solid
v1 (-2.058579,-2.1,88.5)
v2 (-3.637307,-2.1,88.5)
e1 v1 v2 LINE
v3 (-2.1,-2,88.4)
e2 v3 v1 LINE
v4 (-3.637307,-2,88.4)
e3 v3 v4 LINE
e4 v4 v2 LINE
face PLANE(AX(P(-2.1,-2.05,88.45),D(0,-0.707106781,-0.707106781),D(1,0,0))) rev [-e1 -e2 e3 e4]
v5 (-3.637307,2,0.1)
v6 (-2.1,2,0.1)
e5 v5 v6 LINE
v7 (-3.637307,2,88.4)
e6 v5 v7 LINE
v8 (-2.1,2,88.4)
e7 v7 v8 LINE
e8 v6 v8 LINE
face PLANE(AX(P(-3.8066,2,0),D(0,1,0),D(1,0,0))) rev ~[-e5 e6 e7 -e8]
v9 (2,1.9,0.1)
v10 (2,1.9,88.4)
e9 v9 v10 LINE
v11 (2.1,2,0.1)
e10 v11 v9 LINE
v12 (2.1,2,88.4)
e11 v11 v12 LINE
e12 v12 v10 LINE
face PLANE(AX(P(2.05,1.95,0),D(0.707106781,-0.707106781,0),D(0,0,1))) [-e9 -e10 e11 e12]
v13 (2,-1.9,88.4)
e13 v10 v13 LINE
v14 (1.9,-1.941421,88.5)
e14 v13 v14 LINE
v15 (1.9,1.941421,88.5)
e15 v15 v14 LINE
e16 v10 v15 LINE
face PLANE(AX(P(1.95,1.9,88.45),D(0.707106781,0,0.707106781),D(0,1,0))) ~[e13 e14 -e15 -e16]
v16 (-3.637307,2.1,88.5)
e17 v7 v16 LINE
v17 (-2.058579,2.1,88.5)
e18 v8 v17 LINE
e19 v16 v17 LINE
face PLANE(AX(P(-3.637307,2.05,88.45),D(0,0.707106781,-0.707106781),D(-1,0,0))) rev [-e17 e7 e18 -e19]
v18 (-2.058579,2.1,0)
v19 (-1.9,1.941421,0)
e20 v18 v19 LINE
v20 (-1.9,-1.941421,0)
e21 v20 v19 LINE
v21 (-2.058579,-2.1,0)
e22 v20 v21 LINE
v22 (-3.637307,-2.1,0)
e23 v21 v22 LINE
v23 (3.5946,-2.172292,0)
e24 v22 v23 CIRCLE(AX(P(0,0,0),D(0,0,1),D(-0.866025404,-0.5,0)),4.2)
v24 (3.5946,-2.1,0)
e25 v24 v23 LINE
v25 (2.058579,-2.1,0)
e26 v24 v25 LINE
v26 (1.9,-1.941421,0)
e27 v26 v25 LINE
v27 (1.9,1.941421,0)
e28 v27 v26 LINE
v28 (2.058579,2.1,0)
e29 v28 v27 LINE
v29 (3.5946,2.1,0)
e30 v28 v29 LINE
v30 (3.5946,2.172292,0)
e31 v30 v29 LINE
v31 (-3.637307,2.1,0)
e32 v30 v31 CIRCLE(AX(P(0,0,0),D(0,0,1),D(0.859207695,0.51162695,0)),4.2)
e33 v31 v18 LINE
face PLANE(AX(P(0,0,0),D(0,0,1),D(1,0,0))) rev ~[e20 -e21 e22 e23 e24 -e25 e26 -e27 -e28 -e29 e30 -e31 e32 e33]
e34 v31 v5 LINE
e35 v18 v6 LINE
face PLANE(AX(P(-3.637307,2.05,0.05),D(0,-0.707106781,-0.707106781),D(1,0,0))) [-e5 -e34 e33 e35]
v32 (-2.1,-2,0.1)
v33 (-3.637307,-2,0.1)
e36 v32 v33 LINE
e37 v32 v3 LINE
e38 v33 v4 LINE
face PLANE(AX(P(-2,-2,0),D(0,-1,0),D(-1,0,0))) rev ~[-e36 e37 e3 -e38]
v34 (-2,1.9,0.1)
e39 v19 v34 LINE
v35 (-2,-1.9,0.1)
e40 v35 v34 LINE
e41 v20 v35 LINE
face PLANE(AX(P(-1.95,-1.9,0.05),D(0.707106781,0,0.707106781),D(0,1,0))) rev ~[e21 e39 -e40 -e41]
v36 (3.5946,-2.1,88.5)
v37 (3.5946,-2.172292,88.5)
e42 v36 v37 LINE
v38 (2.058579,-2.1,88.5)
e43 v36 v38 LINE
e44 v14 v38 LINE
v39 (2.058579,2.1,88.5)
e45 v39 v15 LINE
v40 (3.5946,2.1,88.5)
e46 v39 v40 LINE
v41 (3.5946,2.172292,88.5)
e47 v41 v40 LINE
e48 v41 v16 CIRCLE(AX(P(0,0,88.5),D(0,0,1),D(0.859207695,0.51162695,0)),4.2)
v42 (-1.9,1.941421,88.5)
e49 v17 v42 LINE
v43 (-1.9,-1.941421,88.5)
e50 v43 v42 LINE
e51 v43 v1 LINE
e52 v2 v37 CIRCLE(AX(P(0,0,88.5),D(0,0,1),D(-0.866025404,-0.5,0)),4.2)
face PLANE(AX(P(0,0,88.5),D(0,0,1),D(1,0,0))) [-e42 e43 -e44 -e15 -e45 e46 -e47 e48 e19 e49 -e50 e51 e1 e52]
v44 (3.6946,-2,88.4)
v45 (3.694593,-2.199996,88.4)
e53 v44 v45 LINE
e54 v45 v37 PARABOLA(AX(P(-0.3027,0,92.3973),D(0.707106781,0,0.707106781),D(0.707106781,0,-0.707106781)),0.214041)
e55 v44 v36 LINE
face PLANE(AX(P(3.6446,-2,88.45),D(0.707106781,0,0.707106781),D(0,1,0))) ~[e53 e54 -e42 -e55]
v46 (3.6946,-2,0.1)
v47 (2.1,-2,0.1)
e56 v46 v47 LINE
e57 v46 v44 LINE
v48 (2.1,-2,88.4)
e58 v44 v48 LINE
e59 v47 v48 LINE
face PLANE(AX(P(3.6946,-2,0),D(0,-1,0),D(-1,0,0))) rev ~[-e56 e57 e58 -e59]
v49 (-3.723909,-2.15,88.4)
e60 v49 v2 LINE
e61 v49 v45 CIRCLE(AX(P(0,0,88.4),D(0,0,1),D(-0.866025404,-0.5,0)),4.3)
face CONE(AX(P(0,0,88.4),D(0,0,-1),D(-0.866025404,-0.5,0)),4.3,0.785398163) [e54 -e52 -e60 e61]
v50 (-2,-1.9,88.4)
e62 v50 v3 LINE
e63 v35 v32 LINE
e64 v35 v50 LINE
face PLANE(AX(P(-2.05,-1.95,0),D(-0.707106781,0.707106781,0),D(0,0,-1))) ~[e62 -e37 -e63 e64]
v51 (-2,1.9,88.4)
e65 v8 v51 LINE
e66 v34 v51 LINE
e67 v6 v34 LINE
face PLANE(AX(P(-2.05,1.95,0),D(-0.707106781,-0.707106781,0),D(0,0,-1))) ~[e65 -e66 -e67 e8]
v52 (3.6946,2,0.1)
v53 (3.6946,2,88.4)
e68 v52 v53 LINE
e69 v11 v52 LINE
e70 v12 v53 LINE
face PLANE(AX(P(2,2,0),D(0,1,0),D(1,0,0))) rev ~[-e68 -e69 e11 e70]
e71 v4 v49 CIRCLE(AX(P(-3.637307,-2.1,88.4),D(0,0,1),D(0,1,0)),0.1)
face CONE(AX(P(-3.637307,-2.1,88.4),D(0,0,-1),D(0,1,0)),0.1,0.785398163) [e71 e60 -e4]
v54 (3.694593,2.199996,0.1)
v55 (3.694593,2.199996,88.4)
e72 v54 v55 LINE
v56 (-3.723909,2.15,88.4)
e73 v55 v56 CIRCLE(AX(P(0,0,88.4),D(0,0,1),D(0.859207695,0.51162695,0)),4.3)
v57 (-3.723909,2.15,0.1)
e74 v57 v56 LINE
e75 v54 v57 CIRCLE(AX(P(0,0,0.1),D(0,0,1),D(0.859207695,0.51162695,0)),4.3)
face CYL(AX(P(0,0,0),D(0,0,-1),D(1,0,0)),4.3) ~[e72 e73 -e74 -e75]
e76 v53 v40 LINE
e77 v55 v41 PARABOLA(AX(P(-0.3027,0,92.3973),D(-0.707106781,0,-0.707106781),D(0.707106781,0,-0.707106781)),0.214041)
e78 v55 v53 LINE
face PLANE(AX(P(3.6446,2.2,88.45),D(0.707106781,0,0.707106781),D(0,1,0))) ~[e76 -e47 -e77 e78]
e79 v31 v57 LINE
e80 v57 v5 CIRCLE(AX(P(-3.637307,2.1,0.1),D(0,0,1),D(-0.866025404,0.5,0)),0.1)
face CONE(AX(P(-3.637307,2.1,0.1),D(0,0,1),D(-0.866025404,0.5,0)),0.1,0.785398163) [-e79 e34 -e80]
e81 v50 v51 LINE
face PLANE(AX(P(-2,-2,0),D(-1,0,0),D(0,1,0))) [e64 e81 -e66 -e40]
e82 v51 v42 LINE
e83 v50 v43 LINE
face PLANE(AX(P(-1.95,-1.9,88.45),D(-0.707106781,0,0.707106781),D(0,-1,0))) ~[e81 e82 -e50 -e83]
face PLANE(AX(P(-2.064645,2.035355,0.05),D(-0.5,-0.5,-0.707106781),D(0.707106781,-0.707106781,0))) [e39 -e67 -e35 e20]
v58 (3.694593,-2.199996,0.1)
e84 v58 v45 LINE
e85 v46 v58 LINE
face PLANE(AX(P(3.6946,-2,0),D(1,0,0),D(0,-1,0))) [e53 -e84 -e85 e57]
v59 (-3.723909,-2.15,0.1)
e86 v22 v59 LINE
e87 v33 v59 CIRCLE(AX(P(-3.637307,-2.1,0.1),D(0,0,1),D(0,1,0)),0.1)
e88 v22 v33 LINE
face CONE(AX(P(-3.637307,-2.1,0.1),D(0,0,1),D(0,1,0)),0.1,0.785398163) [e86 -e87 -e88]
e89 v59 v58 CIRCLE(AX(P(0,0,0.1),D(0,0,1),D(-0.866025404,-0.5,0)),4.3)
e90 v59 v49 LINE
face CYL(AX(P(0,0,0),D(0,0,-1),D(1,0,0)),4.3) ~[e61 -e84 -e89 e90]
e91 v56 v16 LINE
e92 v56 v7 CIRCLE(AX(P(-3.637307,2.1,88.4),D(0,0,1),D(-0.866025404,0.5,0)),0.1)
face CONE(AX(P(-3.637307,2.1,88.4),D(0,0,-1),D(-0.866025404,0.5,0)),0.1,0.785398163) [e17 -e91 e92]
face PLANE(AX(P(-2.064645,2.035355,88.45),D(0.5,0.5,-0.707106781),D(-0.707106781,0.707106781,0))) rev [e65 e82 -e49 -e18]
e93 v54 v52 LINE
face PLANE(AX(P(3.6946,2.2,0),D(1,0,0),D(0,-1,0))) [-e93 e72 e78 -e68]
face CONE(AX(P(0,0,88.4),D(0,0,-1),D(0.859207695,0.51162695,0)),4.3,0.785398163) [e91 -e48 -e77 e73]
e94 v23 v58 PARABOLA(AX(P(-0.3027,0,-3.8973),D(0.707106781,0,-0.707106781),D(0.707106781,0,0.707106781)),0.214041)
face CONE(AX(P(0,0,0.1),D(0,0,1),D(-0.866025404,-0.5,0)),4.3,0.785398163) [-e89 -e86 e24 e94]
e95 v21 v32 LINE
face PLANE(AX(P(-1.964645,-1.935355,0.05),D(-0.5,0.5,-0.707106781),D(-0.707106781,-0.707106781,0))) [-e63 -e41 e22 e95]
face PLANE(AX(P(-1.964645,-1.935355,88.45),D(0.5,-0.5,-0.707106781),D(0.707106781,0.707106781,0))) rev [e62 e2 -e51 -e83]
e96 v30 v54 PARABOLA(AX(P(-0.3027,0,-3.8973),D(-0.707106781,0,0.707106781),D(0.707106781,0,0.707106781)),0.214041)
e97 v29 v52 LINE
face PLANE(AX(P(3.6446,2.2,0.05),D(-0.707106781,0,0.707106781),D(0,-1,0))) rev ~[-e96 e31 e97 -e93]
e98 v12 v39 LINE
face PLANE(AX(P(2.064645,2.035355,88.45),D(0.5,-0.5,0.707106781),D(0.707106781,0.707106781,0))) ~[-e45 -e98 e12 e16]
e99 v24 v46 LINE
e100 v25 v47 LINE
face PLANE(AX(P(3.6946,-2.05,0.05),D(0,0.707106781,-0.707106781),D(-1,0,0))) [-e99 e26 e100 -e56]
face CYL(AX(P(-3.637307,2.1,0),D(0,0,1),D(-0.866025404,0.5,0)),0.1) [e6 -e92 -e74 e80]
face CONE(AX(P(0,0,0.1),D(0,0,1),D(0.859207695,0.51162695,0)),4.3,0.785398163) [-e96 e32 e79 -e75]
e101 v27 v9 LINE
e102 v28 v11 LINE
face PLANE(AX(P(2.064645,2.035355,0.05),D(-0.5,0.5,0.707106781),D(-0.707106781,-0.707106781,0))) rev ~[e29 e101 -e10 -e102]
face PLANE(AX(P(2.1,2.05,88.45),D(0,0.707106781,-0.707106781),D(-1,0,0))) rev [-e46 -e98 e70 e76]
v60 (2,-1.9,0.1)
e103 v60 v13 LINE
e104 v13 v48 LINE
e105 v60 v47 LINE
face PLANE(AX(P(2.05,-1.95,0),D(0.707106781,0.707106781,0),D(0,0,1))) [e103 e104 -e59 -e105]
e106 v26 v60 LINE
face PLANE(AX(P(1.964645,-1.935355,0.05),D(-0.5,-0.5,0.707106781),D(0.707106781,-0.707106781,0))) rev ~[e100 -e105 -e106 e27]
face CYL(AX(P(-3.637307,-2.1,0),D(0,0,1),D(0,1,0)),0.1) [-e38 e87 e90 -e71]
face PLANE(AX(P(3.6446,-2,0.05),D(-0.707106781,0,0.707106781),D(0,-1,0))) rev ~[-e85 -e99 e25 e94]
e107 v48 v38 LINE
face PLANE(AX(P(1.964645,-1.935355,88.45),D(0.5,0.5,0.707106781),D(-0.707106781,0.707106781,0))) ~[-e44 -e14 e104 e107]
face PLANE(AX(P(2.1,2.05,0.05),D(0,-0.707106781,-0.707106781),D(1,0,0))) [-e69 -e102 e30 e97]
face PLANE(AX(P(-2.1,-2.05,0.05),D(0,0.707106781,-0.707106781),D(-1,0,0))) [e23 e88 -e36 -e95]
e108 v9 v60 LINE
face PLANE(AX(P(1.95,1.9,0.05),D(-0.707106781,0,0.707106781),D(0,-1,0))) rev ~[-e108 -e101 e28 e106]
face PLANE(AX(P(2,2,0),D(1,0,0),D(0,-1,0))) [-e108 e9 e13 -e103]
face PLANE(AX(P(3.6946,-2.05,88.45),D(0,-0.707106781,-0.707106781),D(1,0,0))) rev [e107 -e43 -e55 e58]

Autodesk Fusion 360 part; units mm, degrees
sketch "Profil" plane through (0, 0, 0) normal (0, 0, 1) x (1, 0, 0)
  circle A0 centre (0, 0) radius 4.3
  line L0 (3.8066, -2) -> (-3.8066, -2)
  line L1 (-3.8066, -2) -> (-3.8066, 2)
  line L2 (-3.8066, 2) -> (3.8066, 2)
  line L3 (3.8066, 2) -> (3.8066, -2)
  line L4 (3.8066, -2) -> (-3.8066, 2) construction
  line L5 (-3.8066, -2) -> (3.8066, 2) construction
  line L6 (2, -2) -> (-2, -2)
  line L7 (-2, -2) -> (-2, 2)
  line L8 (-2, 2) -> (2, 2)
  line L9 (2, 2) -> (2, -2)
  line L10 (2, -2) -> (-2, 2) construction
  line L11 (-2, -2) -> (2, 2) construction
  line L12 (3.6946, 2.2) -> (3.6946, -2.2)
  dimension "d1" = 8.6
  dimension "d2" = 4
  dimension "d3" = 4
  dimension "d4" = 0.2
extrude "Extrude1" add sketch "Profil" along normal blind 88.5 contours A0 L2 L8 L12 | A0 L0 L6 L12 | L0 L2 L6 L7 L8 L9
fillet "Fillet1" radius 0.1 2 edges at (-3.8066, 2, 44.25) (-3.8066, -2, 44.25)
chamfer "Chamfer1" distance 0.1 angle 45 4 edges at (-2, -2, 44.25) (-2, 2, 44.25) (2, -2, 44.25) (2, 2, 44.25)
chamfer "Chamfer2" distance 0.1 angle 45 2 faces at (0.6667, -0.6333, 88.5) (0.6667, -0.6333, 0)
